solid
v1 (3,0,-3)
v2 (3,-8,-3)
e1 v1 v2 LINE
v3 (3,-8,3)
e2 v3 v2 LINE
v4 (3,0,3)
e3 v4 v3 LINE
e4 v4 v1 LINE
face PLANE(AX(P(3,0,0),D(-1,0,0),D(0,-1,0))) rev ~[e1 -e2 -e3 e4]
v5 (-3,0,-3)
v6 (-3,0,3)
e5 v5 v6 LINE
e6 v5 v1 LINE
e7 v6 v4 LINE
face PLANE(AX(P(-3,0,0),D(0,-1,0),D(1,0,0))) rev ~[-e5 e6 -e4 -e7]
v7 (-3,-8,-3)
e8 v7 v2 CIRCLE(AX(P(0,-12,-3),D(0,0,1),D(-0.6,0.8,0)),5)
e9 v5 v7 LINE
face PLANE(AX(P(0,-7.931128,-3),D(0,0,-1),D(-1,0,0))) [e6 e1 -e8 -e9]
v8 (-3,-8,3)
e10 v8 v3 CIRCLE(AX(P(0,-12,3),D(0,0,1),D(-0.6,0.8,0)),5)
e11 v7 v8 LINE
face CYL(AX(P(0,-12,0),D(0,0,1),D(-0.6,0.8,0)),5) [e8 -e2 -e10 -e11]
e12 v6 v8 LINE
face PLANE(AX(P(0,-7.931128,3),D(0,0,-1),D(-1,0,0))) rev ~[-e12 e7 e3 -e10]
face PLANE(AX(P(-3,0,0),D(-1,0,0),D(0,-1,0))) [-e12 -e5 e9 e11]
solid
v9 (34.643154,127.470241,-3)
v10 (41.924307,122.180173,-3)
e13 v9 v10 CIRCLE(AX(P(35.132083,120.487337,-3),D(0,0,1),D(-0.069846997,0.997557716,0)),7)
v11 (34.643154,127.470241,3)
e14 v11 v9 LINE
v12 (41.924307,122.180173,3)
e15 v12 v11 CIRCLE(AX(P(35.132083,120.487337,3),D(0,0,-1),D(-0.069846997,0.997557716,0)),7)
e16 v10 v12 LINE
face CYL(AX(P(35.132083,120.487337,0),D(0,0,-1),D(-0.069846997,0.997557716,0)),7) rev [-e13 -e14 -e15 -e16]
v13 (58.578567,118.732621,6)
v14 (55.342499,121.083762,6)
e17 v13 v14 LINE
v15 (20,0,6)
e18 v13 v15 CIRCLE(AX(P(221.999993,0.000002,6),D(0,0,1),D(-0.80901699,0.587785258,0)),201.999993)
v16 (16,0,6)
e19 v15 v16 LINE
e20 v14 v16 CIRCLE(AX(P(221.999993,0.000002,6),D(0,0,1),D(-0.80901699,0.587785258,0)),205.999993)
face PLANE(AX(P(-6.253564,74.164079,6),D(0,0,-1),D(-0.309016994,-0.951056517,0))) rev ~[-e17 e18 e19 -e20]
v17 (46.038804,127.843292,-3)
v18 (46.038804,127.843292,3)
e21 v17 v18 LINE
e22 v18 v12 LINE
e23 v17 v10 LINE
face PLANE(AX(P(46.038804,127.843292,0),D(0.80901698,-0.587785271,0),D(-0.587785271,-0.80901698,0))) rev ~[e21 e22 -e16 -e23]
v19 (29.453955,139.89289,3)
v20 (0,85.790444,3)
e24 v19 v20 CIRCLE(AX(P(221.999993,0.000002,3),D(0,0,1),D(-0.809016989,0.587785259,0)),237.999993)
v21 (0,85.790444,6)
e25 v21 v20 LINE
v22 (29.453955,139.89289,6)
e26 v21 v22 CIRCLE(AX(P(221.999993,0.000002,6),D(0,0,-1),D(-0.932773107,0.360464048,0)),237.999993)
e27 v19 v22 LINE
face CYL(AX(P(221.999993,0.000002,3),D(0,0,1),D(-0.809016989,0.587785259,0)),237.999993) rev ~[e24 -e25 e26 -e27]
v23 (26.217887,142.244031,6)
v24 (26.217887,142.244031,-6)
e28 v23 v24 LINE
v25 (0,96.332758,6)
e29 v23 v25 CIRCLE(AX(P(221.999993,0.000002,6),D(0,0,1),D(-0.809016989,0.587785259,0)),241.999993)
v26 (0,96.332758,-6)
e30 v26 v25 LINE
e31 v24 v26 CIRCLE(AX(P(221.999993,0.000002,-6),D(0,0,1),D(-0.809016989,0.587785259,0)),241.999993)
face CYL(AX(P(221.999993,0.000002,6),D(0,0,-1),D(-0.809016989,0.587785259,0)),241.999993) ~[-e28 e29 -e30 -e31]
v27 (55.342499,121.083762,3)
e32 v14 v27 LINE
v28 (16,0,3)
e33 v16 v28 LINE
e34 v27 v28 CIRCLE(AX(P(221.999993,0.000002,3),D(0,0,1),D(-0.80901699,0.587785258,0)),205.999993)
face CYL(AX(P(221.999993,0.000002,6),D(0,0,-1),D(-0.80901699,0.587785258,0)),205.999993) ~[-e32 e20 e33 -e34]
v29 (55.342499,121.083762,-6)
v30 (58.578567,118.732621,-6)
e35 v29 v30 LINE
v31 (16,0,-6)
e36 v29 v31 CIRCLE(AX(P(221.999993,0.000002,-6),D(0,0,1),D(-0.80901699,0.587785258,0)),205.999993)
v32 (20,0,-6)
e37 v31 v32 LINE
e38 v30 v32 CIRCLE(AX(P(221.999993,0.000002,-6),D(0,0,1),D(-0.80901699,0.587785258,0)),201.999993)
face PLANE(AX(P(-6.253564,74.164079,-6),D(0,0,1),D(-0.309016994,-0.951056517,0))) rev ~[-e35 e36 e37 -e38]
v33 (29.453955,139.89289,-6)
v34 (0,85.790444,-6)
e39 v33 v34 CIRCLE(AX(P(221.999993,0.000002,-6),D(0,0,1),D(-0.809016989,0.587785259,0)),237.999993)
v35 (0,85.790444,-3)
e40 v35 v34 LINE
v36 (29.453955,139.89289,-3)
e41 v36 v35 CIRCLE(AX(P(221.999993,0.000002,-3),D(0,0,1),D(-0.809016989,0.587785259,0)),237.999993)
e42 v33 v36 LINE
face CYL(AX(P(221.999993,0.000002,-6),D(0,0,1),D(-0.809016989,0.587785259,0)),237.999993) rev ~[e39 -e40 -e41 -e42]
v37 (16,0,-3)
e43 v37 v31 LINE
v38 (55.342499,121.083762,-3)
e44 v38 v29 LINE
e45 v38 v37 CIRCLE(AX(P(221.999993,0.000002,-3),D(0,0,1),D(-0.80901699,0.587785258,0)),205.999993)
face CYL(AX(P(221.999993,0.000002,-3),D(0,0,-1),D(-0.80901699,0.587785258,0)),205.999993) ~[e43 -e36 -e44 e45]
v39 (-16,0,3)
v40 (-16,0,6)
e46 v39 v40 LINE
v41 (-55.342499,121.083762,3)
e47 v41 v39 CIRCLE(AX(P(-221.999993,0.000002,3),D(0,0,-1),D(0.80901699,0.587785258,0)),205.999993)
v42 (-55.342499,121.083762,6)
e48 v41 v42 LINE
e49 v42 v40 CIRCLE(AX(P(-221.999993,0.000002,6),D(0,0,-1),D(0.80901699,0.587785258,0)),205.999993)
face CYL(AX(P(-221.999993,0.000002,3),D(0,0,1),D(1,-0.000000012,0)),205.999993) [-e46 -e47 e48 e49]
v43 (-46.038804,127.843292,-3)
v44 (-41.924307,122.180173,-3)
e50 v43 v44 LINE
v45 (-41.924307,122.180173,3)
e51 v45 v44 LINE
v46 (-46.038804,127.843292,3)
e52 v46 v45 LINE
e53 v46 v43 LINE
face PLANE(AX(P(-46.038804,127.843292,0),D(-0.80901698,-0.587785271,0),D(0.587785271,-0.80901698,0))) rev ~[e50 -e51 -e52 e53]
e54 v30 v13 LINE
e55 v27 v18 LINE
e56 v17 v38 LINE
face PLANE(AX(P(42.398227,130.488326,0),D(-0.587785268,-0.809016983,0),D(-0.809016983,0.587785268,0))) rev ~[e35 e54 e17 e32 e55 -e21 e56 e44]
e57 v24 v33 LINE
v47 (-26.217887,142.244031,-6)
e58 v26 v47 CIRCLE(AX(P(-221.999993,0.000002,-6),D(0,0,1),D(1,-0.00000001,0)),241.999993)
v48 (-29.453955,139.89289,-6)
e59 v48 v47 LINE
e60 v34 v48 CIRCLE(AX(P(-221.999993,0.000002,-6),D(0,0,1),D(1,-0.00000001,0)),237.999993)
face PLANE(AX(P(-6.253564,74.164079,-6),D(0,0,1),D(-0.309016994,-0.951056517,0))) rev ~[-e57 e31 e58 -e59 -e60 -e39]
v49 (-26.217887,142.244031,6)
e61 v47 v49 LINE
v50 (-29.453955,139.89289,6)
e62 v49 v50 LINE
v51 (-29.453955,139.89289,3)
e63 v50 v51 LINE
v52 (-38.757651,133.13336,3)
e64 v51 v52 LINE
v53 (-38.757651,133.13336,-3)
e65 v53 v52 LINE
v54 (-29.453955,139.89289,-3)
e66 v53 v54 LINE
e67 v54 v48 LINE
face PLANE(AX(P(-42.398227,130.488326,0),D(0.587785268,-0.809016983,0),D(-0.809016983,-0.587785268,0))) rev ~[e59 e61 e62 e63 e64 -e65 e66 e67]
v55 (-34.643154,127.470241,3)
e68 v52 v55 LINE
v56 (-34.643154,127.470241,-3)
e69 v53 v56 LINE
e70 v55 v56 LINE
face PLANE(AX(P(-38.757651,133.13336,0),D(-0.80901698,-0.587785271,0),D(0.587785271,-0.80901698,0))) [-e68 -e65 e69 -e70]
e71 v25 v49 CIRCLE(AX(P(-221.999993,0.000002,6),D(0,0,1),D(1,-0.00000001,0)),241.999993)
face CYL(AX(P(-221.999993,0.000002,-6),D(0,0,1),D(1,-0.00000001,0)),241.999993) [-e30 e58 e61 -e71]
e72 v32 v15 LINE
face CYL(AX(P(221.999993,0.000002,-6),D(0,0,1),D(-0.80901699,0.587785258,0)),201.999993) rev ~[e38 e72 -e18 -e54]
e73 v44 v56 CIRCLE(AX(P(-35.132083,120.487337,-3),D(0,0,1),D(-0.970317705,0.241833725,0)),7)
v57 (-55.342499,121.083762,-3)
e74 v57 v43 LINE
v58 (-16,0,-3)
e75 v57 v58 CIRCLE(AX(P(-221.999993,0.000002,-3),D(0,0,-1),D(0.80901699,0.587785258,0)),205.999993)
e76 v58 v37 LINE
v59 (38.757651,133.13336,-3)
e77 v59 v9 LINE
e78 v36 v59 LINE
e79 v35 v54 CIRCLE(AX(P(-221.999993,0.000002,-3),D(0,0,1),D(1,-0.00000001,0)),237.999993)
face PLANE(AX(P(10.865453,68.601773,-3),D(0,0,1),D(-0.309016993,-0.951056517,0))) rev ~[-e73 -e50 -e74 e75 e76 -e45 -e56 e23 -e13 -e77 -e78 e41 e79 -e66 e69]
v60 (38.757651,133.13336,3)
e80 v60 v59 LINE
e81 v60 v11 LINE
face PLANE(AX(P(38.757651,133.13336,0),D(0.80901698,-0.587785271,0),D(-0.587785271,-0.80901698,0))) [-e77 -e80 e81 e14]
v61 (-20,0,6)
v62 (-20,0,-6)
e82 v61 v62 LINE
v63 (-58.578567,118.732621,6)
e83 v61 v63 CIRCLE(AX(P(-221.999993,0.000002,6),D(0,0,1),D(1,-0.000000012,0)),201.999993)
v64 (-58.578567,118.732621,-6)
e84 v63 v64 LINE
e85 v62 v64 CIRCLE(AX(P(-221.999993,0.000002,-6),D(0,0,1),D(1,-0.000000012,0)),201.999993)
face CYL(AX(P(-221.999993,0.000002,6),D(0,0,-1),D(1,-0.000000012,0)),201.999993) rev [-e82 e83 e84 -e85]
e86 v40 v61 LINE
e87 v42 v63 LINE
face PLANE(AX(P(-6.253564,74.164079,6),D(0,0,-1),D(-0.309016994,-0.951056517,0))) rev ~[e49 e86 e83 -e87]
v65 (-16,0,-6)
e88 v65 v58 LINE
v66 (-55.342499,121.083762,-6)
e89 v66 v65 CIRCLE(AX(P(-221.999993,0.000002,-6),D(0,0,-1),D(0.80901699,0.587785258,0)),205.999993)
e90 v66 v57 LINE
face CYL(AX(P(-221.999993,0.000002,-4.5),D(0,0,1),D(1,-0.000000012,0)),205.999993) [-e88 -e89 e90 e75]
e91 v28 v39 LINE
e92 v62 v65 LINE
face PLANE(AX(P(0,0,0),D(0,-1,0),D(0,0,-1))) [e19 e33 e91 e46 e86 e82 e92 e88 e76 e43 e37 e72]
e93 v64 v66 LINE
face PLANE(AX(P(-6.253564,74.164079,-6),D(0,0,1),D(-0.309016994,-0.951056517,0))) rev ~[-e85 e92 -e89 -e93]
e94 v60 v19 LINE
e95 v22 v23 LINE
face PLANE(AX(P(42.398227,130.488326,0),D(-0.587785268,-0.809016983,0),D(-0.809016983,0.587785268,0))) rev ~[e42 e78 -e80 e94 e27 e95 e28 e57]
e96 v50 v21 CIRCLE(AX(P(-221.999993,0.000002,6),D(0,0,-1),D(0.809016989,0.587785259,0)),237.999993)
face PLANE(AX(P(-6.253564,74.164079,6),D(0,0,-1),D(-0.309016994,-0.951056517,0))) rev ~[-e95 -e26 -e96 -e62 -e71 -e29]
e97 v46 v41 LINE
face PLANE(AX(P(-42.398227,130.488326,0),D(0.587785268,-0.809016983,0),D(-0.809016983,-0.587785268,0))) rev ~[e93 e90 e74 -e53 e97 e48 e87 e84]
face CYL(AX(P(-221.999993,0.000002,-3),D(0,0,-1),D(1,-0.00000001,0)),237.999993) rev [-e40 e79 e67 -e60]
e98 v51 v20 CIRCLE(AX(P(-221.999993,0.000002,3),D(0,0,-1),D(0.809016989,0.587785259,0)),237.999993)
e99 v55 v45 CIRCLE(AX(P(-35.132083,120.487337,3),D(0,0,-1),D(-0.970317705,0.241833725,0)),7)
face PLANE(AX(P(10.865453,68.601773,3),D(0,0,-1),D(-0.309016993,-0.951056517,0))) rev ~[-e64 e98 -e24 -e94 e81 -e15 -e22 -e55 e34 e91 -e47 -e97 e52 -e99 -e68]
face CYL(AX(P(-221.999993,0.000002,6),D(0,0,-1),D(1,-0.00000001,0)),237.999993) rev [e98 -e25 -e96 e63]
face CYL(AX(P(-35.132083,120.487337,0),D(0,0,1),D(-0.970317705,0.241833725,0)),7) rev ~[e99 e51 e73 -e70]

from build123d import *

# Parameters (mm, degrees)
SKETCH013_W          = 32
SKETCH013_H          = 3
POCKET_DEPTH         = 6.001
POCKET_DEPTH_BACK    = -6.001
POCKET001_DEPTH      = 6.001
POCKET001_DEPTH_BACK = -6.001
PAD_DEPTH            = 3


with BuildPart() as main:
    # AdditivePipe: sweep along a path in Sketch
    with BuildLine(Plane.XY) as additivepipe_path:
        ThreePointArc((0, 0), (-10.865453, 68.601773), (-42.398227, 130.488326))
    # Sketch002 → AdditivePipe (sweep)
    with BuildSketch(Plane.XZ):
        Polygon((-20, 6), (-20, -6), (-16, -6), (-16, -3), (-9, -3), (9, -3), (16, -3), (16, -6), (20, -6), (20, 6), (16, 6), (16, 3), (9, 3), (-9, 3), (-16, 3), (-16, 6), align=None)
    sweep(path=additivepipe_path.line)

    # AdditivePipe001: sweep along a path in Sketch001
    with BuildLine(Plane.XY) as additivepipe001_path:
        ThreePointArc((42.398227, 130.488326), (10.865453, 68.601773), (0, 0))
    # Sketch002 → AdditivePipe001 (sweep)
    with BuildSketch(Plane.XZ):
        Polygon((-20, 6), (-20, -6), (-16, -6), (-16, -3), (-9, -3), (9, -3), (16, -3), (16, -6), (20, -6), (20, 6), (16, 6), (16, 3), (9, 3), (-9, 3), (-16, 3), (-16, 6), align=None)
    sweep(path=additivepipe001_path.line)

    # SubtractivePipe: sweep along a path in Sketch
    with BuildLine(Plane.XY) as subtractivepipe_path:
        ThreePointArc((0, 0), (-10.865453, 68.601773), (-42.398227, 130.488326))
    # Sketch013 (on Face1 of AdditivePipe001) → SubtractivePipe (sweep, cut)
    with BuildSketch(Plane.XZ):
        with Locations((0, 4.5)):
            Rectangle(SKETCH013_W, SKETCH013_H)
    subtractivepipe = sweep(path=subtractivepipe_path.line, mode=Mode.SUBTRACT)

    # SubtractivePipe001: sweep along a path in Sketch001
    with BuildLine(Plane.XY) as subtractivepipe001_path:
        ThreePointArc((42.398227, 130.488326), (10.865453, 68.601773), (0, 0))
    # Sketch013 (on Face1 of AdditivePipe001) → SubtractivePipe001 (sweep, cut)
    with BuildSketch(Plane.XZ):
        with Locations((0, 4.5)):
            Rectangle(SKETCH013_W, SKETCH013_H)
    subtractivepipe001 = sweep(path=subtractivepipe001_path.line, mode=Mode.SUBTRACT)

    # Mirrored: SubtractivePipe across XY
    add(subtractivepipe.mirror(Plane.XY), mode=Mode.SUBTRACT)

    # Mirrored001: SubtractivePipe001 across XY
    add(subtractivepipe001.mirror(Plane.XY), mode=Mode.SUBTRACT)

    # Sketch009 → Pocket (cut, two sides)
    with BuildSketch(Plane.XY) as pocket_sk:
        with BuildLine():
            Line((38.757651, 133.13336), (46.038804, 127.843292))
            Line((46.038804, 127.843292), (41.924307, 122.180173))
            ThreePointArc((34.643154, 127.470241), (31.017586, 114.824218), (41.924307, 122.180173))
            Line((38.757651, 133.13336), (34.643154, 127.470241))
        make_face()
    extrude(amount=-POCKET_DEPTH, mode=Mode.SUBTRACT)
    extrude(pocket_sk.sketch, amount=-POCKET_DEPTH_BACK, mode=Mode.SUBTRACT)

    # Sketch008 → Pocket001 (cut, two sides)
    with BuildSketch(Plane.XY) as pocket001_sk:
        with BuildLine():
            Line((-46.038804, 127.843292), (-38.757651, 133.13336))
            Line((-38.757651, 133.13336), (-34.643154, 127.470241))
            ThreePointArc((-41.924307, 122.180173), (-31.017586, 114.824218), (-34.643154, 127.470241))
            Line((-46.038804, 127.843292), (-41.924307, 122.180173))
        make_face()
    extrude(amount=-POCKET001_DEPTH, mode=Mode.SUBTRACT)
    extrude(pocket001_sk.sketch, amount=-POCKET001_DEPTH_BACK, mode=Mode.SUBTRACT)


with BuildPart() as male1:
    # Sketch010 → Pad (new body, symmetric)
    with BuildSketch(Plane.XY):
        with BuildLine():
            Line((-3, 0), (3, 0))
            Line((3, 0), (3, -8))
            ThreePointArc((-3, -8), (0, -17), (3, -8))
            Line((-3, 0), (-3, -8))
        make_face()
    extrude(amount=PAD_DEPTH, both=True)


solid = Compound([main.part, male1.part])
